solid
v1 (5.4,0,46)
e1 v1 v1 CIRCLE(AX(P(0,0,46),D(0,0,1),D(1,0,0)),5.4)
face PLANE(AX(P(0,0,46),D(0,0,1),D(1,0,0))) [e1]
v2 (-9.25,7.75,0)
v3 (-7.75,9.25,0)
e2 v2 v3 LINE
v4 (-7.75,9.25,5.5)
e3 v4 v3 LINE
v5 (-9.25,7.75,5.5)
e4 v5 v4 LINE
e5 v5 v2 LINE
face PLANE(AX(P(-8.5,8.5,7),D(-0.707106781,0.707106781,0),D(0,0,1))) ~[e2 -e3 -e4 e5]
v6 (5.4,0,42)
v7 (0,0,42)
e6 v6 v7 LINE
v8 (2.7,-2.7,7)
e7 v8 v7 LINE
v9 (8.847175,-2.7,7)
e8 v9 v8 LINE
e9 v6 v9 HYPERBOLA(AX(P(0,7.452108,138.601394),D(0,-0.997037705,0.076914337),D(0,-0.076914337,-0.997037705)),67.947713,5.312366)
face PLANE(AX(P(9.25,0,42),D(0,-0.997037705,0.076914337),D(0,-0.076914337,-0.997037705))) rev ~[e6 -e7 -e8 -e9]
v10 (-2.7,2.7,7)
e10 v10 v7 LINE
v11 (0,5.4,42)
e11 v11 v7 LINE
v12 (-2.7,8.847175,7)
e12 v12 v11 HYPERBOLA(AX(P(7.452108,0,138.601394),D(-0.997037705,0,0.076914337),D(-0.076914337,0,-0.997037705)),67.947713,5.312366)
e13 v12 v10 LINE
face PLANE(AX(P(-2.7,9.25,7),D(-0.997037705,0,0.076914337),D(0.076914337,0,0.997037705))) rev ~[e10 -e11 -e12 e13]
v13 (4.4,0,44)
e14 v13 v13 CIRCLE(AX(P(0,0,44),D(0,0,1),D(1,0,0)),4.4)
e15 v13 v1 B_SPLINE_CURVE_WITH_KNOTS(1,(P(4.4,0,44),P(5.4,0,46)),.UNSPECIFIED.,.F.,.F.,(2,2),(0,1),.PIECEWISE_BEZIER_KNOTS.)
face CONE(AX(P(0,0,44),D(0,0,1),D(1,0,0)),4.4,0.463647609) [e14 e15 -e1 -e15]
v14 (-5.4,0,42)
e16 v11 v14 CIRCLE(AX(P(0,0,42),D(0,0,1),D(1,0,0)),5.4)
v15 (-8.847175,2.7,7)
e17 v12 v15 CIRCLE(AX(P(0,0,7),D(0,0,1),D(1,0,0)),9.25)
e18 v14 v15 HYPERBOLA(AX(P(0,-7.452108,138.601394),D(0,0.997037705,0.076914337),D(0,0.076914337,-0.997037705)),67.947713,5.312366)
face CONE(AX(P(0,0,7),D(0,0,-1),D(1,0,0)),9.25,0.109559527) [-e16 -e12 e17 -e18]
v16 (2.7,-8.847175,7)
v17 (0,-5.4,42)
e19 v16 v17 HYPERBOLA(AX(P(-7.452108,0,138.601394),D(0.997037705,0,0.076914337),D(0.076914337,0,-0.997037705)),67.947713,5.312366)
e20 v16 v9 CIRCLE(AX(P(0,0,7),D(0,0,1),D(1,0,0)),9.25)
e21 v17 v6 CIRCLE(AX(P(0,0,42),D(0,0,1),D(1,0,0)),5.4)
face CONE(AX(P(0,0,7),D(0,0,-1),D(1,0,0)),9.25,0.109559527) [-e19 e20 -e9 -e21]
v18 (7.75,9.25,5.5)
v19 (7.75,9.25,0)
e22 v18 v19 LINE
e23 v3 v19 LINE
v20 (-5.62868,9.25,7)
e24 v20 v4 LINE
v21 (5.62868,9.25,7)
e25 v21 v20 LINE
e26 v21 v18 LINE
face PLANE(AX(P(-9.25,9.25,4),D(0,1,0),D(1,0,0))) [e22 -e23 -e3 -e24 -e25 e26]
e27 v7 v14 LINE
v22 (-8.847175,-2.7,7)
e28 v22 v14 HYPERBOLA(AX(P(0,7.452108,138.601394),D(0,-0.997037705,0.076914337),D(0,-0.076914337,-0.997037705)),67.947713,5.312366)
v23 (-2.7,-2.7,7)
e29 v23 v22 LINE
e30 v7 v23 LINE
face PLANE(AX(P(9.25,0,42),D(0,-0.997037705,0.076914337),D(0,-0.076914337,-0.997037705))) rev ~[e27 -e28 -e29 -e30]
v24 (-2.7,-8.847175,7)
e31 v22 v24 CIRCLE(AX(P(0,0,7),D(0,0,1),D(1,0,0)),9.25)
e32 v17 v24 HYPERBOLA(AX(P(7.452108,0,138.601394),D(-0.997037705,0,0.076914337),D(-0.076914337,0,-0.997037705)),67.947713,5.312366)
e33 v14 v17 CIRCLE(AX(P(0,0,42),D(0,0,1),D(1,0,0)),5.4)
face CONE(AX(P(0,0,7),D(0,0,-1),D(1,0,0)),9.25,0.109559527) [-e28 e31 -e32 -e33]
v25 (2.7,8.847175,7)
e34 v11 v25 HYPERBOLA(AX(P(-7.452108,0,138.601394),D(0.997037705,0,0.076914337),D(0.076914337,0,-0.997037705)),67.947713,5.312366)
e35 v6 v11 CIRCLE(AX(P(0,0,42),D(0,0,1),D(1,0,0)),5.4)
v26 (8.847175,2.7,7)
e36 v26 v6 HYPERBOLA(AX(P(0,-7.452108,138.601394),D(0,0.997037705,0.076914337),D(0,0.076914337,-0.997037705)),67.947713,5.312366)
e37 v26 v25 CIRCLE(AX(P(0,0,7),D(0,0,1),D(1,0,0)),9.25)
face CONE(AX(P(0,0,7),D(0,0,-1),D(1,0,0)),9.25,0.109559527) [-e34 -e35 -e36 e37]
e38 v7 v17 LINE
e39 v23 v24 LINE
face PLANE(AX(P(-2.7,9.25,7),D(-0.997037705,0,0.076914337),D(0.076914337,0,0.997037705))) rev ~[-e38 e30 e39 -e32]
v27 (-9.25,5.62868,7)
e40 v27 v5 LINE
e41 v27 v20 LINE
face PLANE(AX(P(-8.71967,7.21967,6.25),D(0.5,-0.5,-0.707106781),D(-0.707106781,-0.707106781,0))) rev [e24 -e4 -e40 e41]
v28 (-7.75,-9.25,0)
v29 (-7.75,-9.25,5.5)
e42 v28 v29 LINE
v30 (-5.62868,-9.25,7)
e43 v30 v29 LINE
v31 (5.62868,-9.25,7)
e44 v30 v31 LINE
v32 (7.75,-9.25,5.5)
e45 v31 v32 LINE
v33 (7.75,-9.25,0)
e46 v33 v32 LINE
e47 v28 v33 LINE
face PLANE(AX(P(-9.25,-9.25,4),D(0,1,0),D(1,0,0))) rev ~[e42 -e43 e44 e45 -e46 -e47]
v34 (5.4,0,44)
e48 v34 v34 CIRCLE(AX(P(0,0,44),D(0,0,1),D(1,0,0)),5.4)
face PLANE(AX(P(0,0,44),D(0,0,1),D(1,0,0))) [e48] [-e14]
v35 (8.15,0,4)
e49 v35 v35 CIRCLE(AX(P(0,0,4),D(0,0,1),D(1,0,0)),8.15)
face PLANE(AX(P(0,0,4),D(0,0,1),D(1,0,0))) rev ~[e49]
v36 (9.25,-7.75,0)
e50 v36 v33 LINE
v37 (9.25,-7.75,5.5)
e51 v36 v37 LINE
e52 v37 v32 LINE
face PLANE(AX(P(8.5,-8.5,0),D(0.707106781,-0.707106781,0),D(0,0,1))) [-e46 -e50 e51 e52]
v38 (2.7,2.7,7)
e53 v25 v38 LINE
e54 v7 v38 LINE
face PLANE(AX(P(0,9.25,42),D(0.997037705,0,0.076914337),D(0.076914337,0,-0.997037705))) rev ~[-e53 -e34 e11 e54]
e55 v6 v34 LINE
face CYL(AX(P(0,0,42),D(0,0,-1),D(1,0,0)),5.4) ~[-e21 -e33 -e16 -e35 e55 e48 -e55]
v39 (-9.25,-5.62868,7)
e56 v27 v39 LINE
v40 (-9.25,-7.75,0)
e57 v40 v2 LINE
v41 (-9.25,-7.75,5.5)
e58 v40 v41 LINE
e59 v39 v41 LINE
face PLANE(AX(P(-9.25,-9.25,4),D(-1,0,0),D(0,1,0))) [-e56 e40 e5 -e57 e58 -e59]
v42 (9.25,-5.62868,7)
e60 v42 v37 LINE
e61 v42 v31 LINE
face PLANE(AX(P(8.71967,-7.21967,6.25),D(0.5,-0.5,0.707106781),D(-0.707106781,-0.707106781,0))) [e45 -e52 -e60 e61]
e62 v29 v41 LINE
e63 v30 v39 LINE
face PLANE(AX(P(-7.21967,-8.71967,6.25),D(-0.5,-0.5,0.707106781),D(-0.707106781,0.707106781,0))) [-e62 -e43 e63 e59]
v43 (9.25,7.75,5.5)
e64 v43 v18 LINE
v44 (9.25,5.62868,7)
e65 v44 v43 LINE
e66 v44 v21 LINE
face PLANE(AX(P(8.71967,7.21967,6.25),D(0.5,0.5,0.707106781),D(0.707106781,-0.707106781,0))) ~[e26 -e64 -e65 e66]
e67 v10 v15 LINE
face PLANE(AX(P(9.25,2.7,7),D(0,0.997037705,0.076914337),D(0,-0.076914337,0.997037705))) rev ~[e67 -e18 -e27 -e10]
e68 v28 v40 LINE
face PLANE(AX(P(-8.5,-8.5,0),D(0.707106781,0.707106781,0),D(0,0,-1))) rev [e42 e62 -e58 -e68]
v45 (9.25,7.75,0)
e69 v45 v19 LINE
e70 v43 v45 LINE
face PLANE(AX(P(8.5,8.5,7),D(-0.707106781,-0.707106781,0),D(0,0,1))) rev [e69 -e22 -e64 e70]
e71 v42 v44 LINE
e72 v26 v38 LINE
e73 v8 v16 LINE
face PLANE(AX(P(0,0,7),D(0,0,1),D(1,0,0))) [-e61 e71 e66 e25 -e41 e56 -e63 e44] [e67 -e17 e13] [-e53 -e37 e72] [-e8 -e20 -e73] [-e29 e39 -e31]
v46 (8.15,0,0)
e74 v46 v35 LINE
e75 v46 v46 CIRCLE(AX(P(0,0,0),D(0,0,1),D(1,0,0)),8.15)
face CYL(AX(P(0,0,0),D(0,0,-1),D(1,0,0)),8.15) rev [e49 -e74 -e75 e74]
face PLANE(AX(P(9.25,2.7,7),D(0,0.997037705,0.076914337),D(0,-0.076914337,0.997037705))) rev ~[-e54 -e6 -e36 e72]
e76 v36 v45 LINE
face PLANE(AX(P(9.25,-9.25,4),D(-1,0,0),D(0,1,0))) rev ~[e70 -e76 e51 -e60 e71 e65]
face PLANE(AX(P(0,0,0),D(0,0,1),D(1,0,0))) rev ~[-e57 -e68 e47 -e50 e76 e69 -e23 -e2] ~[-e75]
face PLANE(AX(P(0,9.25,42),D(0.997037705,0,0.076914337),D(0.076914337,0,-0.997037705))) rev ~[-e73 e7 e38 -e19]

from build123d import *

# Parameters (mm, degrees)
SKETCH_W           = 18.5
SKETCH_H           = 18.5
SKETCH_R           = 8.15
PAD_DEPTH          = 4
SKETCH001_W        = 18.5
SKETCH001_H        = 18.5
PAD001_DEPTH       = 3
SKETCH002_R        = 9.25
SKETCH003_R        = 5.4
SKETCH005_R        = 5.4
PAD002_DEPTH       = 2
CHAMFER_SIZE       = 1.5
CHAMFER001_SIZE    = 1.5
POCKET_DEPTH       = 120.882639
POLARPATTERN_COUNT = 4
SKETCH007_R        = 4.4
SKETCH008_R        = 5.4


with BuildPart() as part:
    # Sketch → Pad (new body)
    with BuildSketch(Plane.XY):
        Rectangle(SKETCH_W, SKETCH_H)
        Circle(SKETCH_R, mode=Mode.SUBTRACT)
    extrude(amount=PAD_DEPTH)

    # Sketch001 (on Face7 of Pad) → Pad001 (join)
    with BuildSketch(Plane.XY.offset(4)):
        Rectangle(SKETCH001_W, SKETCH001_H)
    extrude(amount=PAD001_DEPTH)

    # Sketch002 (on Face10 of Pad001) → AdditiveLoft section 0
    with BuildSketch(Plane.XY.offset(7)):
        Circle(SKETCH002_R)
    # Sketch003 (on Face10 of Pad001) → AdditiveLoft section 1
    with BuildSketch(Plane.XY.offset(42)):
        Circle(SKETCH003_R)
    loft()

    # Sketch005 (on Face17 of AdditiveLoft) → Pad002 (join)
    with BuildSketch(Plane.XY.offset(42)):
        Circle(SKETCH005_R)
    extrude(amount=PAD002_DEPTH)

    # Chamfer
    chamfer_edges = [part.edges().sort_by_distance(p)[0] for p in [
        (-9.25, -9.25, 5.5),
        (-9.25, -9.25, 2),
        (9.25, -9.25, 5.5),
        (9.25, -9.25, 2),
        (9.25, 9.25, 2),
        (9.25, 9.25, 5.5),
        (-9.25, 9.25, 5.5),
        (-9.25, 9.25, 2),
    ]]
    chamfer(chamfer_edges, length=CHAMFER_SIZE)

    # Chamfer001
    chamfer001_edges = [part.edges().sort_by_distance(p)[0] for p in [
        (8.5, -8.5, 7),
        (-8.5, -8.5, 7),
        (-8.5, 8.5, 7),
        (8.5, 8.5, 7),
    ]]
    chamfer(chamfer001_edges, length=CHAMFER001_SIZE)

    # Sketch006 (on Face19 of Chamfer001) → Pocket (cut, through all)
    with BuildSketch(Plane.YZ.offset(9.25)):
        Polygon((0, 42), (-2.7, 7), (2.7, 7), align=None)
    pocket = extrude(amount=-POCKET_DEPTH, mode=Mode.SUBTRACT)

    # PolarPattern: Pocket ×4 about axis
    polarpattern_axis = Axis((0, 0, 0), (0, 0, 1))
    for i in range(1, POLARPATTERN_COUNT):
        add(pocket.rotate(polarpattern_axis, i * 360 / POLARPATTERN_COUNT), mode=Mode.SUBTRACT)

    # Sketch007 (on Face47 of PolarPattern) → AdditiveLoft001 section 0
    with BuildSketch(Plane.XY.offset(44)):
        Circle(SKETCH007_R)
    # Sketch008 → AdditiveLoft001 section 1
    with BuildSketch(Plane.XY.offset(46)):
        Circle(SKETCH008_R)
    loft()


solid = part.part
